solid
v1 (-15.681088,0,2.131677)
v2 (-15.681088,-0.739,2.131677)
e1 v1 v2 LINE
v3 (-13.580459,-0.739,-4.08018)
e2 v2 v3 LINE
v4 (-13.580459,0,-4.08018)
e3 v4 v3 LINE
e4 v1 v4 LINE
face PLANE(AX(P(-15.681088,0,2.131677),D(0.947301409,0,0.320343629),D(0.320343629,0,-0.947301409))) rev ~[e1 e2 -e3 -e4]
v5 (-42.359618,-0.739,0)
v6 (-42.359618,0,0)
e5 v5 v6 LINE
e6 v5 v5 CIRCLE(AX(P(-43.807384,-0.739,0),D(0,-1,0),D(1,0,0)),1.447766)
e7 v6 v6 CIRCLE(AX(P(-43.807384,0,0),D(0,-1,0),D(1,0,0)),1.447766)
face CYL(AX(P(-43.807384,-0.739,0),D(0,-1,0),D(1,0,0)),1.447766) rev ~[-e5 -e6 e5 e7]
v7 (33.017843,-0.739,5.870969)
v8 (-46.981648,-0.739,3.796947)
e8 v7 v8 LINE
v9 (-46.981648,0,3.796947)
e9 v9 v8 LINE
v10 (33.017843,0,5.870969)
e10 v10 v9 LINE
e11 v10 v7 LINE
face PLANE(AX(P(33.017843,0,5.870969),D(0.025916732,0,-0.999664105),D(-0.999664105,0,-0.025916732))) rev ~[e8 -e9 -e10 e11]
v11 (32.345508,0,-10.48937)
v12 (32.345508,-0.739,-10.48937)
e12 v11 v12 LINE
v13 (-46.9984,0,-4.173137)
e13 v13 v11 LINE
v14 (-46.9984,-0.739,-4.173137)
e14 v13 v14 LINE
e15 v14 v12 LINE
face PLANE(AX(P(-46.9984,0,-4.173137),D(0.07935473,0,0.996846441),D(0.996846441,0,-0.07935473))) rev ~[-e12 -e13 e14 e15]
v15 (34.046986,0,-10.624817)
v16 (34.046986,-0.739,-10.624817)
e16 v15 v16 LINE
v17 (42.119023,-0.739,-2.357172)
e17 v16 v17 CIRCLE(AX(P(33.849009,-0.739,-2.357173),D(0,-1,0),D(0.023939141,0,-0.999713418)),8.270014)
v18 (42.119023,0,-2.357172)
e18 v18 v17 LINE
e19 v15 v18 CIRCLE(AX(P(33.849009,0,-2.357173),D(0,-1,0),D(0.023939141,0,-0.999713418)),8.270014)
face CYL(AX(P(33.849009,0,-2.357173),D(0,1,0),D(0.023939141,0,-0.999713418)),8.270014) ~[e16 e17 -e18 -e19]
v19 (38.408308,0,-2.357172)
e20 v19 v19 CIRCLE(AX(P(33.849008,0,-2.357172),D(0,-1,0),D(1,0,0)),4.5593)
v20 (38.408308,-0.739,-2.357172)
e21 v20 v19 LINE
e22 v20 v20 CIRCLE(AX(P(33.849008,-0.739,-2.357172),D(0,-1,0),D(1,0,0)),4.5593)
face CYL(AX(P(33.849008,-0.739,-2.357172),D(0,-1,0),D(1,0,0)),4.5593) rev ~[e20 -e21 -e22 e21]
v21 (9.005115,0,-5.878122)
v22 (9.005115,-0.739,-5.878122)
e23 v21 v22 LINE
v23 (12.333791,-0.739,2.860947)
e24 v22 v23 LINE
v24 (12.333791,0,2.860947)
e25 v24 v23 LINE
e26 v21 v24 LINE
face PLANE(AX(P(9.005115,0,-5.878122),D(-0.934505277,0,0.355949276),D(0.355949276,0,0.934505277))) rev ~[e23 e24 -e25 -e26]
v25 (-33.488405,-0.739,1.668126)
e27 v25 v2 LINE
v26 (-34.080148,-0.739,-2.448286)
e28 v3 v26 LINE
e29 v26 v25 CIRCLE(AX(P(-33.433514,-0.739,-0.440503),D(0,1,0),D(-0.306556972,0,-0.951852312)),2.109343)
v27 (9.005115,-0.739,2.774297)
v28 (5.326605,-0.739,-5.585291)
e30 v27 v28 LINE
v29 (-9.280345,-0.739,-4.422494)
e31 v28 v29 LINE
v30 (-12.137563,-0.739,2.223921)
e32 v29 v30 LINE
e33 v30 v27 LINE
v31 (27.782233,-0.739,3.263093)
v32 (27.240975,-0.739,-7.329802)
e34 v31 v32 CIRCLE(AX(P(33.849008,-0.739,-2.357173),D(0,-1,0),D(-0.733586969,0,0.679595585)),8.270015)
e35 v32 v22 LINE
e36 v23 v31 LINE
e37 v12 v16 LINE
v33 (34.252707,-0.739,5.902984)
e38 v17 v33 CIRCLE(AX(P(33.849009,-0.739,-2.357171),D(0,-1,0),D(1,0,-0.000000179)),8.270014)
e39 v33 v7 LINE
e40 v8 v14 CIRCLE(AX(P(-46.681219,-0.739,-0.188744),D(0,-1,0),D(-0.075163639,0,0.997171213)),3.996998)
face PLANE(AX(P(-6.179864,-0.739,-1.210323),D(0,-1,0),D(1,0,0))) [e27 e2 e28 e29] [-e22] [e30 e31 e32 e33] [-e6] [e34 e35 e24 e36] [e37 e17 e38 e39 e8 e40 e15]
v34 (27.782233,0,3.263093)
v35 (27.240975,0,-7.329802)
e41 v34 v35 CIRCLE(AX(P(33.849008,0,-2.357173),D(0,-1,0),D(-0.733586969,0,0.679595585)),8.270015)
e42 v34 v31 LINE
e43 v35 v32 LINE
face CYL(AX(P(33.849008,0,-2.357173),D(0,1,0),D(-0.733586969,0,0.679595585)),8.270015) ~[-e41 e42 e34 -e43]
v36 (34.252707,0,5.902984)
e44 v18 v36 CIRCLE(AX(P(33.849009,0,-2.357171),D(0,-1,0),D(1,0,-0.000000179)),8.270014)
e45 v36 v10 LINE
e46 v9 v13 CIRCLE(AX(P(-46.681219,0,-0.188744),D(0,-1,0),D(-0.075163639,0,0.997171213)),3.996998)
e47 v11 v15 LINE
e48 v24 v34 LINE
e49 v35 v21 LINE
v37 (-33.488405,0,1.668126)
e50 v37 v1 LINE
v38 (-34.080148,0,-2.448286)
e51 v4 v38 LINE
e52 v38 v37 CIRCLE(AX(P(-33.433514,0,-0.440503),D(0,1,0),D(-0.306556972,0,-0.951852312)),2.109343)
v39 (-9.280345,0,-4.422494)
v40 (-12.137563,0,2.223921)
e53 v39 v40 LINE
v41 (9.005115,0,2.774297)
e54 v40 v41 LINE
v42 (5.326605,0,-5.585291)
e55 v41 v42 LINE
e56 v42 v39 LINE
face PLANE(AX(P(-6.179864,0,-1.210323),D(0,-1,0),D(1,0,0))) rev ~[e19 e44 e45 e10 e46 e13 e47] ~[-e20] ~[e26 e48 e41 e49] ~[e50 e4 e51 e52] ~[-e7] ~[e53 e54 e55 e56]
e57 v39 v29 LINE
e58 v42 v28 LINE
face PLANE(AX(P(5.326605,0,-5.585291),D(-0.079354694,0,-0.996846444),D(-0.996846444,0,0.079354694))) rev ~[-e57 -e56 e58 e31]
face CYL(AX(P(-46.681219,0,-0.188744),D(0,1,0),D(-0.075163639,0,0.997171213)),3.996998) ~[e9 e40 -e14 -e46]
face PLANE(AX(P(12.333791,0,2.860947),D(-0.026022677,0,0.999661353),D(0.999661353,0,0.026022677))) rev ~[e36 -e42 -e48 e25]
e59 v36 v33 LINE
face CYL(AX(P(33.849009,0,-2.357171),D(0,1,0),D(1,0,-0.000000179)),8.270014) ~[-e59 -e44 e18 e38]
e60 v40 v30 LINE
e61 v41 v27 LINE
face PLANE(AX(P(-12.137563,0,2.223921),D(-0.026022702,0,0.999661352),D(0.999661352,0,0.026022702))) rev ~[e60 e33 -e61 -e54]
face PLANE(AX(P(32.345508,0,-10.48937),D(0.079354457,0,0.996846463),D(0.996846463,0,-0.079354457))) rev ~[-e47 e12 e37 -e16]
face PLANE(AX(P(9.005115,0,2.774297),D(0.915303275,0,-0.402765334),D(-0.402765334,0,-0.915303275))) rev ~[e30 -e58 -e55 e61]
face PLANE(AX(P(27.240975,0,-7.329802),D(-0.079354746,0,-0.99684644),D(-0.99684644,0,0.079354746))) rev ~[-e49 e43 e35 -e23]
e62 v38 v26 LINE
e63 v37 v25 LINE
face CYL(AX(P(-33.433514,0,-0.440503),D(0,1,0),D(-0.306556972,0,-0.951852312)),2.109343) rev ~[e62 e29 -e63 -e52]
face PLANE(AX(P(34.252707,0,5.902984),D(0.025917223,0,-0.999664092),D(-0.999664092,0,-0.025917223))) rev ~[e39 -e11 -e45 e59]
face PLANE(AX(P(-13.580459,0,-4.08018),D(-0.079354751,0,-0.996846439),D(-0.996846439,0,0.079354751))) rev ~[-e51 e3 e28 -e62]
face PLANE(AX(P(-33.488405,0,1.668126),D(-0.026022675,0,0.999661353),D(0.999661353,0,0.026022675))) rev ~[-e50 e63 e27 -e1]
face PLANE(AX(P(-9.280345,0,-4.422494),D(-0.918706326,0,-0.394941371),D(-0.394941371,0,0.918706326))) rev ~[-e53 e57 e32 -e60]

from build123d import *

# Parameters (mm, degrees)
F1_DEPTH = 0.739
F2_R     = 4.5593
F3_DEPTH = 25.4
F4_R     = 1.447766
F5_DEPTH = 25.4


with BuildPart() as f1:
    # F0 (on Front) → F1 (new body)
    with BuildSketch(Plane.XZ):
        with BuildLine():
            ThreePointArc((27.782233, 3.263093), (30.16178, 5.045361), (33.017843, 5.870969))
            Line((33.017843, 5.870969), (-46.981648, 3.796947))
            ThreePointArc((-46.981648, 3.796947), (-50.678208, -0.180343), (-46.9984, -4.173137))
            Line((-46.9984, -4.173137), (32.345508, -10.48937))
            ThreePointArc((32.345508, -10.48937), (29.496427, -9.389113), (27.240975, -7.329802))
            Line((27.240975, -7.329802), (9.005115, -5.878122))
            Line((9.005115, -5.878122), (5.326605, -5.585291))
            Line((5.326605, -5.585291), (-9.280345, -4.422494))
            Line((-9.280345, -4.422494), (-13.580459, -4.08018))
            Line((-13.580459, -4.08018), (-34.080148, -2.448286))
            ThreePointArc((-34.080148, -2.448286), (-35.521395, -0.140366), (-33.488405, 1.668126))
            Line((-33.488405, 1.668126), (-15.681088, 2.131677))
            Line((-15.681088, 2.131677), (-12.137563, 2.223921))
            Line((-12.137563, 2.223921), (9.005115, 2.774297))
            Line((9.005115, 2.774297), (12.333791, 2.860947))
            Line((12.333791, 2.860947), (27.782233, 3.263093))
        make_face()
        with BuildLine():
            ThreePointArc((34.046986, -10.624817), (39.766374, -8.134536), (42.119023, -2.357172))
            ThreePointArc((42.119023, -2.357172), (39.837821, 3.346097), (34.252707, 5.902984))
            Line((34.252707, 5.902984), (33.017843, 5.870969))
            ThreePointArc((33.017843, 5.870969), (30.16178, 5.045361), (27.782233, 3.263093))
            ThreePointArc((27.782233, 3.263093), (25.589768, -1.935156), (27.240975, -7.329802))
            ThreePointArc((27.240975, -7.329802), (29.496427, -9.389113), (32.345508, -10.48937))
            Line((32.345508, -10.48937), (34.046986, -10.624817))
        make_face()
        Polygon((9.005115, -5.878122), (12.333791, 2.860947), (9.005115, 2.774297), (5.326605, -5.585291), align=None)
        Polygon((-9.280345, -4.422494), (-12.137563, 2.223921), (-15.681088, 2.131677), (-13.580459, -4.08018), align=None)
    extrude(amount=F1_DEPTH)

    # F2 (on face) → F3 (cut)
    with BuildSketch(Plane.XZ.offset(0.739)):
        with Locations((33.849008, -2.357172)):
            Circle(F2_R)
    extrude(amount=-F3_DEPTH, mode=Mode.SUBTRACT)

    # F4 (on face) → F5 (cut)
    with BuildSketch(Plane.XZ.offset(0.739)):
        with Locations((-43.807384, 0)):
            Circle(F4_R)
    extrude(amount=-F5_DEPTH, mode=Mode.SUBTRACT)


solid = f1.part
